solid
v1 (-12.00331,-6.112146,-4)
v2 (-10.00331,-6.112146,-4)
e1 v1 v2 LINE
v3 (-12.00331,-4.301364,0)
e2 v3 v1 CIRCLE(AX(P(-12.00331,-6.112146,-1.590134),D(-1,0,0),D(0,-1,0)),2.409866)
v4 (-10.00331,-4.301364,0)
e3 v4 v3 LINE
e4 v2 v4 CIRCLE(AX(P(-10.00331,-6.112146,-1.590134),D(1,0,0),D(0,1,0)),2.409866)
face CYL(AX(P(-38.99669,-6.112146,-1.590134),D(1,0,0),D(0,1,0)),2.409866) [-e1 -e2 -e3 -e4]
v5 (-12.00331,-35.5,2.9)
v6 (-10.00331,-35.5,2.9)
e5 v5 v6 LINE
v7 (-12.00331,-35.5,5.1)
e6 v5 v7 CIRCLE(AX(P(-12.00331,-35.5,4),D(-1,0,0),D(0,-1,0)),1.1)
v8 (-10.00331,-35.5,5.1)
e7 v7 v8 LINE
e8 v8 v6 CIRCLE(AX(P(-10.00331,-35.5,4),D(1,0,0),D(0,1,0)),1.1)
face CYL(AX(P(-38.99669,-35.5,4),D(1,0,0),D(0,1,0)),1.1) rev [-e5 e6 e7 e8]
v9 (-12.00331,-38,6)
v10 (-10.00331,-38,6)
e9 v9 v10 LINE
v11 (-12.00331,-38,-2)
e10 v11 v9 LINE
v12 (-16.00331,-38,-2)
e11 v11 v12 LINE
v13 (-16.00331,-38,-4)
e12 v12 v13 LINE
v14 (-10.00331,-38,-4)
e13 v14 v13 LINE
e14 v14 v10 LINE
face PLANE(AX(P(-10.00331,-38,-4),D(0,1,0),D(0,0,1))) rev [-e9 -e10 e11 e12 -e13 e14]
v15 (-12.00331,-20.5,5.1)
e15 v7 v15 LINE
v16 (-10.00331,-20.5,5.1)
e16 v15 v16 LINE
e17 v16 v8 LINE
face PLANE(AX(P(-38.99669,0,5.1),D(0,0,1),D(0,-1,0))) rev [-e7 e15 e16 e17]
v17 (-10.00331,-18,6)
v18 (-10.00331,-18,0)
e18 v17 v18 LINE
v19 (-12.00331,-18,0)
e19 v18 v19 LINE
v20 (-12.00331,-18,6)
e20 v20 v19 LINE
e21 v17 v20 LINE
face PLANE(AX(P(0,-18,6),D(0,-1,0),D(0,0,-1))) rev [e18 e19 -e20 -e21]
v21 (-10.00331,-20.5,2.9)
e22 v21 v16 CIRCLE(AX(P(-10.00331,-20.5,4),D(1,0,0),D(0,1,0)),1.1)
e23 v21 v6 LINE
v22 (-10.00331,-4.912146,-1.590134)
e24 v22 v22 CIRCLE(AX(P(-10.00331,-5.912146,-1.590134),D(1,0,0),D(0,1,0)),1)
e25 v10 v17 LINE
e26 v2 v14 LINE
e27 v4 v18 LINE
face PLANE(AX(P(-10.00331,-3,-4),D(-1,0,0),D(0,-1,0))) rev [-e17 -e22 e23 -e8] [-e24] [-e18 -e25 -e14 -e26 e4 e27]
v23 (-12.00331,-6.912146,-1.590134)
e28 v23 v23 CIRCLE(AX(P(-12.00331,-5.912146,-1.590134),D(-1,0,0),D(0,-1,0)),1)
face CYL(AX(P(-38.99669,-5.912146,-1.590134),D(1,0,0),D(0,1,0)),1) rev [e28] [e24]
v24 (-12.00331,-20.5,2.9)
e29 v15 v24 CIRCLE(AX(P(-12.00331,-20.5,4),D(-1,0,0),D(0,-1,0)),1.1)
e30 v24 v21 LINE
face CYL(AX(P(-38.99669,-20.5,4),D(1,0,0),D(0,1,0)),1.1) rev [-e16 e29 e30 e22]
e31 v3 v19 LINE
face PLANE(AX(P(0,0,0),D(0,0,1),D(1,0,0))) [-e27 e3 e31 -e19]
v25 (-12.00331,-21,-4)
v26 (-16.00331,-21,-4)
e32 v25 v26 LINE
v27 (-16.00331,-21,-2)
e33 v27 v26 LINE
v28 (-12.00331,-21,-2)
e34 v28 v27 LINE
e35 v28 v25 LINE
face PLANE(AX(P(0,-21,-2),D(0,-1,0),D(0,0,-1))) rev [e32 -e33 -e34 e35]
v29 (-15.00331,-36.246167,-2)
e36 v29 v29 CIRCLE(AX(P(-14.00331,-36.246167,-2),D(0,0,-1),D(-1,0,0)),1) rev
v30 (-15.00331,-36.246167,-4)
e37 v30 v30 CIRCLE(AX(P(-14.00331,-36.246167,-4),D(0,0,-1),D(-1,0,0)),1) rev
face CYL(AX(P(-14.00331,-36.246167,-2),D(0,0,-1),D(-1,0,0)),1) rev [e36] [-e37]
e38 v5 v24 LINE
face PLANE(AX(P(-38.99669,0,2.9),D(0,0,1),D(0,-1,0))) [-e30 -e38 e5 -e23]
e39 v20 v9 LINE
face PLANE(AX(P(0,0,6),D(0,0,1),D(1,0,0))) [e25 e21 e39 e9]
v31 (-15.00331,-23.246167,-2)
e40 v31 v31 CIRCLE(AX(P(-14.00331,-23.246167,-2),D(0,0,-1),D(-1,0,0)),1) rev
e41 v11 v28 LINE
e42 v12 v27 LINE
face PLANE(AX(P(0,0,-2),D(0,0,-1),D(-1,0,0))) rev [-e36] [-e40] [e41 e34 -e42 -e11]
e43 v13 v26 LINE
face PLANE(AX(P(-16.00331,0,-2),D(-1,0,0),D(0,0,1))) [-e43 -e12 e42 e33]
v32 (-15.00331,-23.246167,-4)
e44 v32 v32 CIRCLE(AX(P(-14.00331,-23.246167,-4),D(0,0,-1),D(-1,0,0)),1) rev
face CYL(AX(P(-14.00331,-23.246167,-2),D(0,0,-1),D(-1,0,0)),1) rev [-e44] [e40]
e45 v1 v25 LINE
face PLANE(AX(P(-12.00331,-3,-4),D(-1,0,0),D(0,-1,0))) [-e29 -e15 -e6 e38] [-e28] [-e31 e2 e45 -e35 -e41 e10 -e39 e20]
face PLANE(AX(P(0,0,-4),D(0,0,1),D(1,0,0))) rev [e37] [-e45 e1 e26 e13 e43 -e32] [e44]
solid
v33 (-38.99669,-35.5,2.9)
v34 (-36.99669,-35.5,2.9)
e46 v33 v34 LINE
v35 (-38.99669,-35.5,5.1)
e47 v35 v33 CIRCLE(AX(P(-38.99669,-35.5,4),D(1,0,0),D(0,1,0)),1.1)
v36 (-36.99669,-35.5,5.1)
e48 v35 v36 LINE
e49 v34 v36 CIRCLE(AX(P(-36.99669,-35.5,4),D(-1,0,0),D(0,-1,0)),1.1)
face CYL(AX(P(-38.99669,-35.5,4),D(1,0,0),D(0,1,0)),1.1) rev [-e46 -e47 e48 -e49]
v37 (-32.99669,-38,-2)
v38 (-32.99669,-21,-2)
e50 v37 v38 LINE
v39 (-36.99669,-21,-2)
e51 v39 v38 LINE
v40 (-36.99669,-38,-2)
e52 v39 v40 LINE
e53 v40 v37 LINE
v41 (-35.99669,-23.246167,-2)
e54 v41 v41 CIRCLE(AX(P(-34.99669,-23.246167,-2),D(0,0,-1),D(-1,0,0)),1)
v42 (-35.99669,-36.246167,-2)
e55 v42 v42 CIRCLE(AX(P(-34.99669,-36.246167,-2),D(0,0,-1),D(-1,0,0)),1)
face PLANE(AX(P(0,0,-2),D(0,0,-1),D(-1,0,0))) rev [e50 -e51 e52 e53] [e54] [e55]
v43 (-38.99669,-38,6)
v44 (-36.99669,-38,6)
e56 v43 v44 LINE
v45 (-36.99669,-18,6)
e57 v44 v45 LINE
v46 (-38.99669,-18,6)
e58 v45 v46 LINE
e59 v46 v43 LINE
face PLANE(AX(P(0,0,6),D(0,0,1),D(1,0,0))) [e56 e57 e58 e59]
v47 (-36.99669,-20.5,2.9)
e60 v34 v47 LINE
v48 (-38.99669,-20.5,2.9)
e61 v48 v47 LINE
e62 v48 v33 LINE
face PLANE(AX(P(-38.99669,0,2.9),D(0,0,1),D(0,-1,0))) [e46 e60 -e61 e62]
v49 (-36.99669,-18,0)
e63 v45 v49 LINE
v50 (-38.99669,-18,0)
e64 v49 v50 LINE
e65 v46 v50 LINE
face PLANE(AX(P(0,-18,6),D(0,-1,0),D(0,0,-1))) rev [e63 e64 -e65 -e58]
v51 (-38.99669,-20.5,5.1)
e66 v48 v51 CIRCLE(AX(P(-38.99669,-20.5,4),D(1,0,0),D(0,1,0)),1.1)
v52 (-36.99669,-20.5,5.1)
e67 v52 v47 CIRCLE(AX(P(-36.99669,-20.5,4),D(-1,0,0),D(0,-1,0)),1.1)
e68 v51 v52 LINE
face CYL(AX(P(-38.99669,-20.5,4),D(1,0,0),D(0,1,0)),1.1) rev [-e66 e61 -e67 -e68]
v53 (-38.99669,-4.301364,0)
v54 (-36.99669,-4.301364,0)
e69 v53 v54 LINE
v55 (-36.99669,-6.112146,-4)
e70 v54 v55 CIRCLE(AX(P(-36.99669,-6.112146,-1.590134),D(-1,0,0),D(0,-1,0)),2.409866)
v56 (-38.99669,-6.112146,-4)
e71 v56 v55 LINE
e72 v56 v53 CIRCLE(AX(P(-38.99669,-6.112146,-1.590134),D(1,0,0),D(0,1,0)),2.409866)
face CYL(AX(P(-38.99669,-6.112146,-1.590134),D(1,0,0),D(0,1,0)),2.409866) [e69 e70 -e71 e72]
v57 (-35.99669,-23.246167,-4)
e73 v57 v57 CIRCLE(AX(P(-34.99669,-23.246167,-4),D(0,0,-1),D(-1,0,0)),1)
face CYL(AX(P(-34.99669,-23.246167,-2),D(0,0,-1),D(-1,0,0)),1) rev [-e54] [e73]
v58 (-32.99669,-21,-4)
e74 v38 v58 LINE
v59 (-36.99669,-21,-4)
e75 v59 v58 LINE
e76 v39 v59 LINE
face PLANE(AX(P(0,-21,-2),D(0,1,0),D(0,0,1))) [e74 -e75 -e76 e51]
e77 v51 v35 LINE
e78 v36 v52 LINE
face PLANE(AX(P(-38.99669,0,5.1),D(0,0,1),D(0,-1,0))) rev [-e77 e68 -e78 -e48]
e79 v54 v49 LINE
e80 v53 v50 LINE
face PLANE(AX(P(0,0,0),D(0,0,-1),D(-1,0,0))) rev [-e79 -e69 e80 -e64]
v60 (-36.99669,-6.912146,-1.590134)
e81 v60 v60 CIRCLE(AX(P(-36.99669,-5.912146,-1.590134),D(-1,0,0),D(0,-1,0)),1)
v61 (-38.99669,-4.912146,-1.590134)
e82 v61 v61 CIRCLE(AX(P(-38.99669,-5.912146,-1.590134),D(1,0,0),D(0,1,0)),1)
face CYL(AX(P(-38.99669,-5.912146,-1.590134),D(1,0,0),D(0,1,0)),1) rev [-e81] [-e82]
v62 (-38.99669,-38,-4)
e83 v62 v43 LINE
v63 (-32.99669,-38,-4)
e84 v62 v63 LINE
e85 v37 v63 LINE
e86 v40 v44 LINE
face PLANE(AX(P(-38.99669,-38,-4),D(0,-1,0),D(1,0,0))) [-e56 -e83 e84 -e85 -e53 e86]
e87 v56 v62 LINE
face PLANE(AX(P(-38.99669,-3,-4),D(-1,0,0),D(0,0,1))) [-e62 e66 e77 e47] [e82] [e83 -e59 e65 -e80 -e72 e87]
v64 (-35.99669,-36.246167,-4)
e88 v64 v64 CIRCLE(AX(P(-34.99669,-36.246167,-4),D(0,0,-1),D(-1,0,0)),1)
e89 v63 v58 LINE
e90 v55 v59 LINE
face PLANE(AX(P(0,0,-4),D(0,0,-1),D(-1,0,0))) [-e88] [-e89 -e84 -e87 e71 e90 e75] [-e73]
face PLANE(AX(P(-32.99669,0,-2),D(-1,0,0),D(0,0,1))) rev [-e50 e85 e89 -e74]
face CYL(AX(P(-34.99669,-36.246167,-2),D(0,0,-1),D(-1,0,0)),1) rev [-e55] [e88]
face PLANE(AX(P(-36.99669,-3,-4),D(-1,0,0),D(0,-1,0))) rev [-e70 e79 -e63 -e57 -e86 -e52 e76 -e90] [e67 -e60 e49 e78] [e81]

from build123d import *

# Parameters (mm, degrees)
SKETCH_1_W          = 2
SKETCH_1_H          = 35
EXTRUDE_1_DEPTH     = 4
EXTRUDE_1_2_DEPTH   = 4
SKETCH_2_W          = 4
SKETCH_2_H          = 17
EXTRUDE_2_DEPTH     = 2
SKETCH_3_R          = 1
CUT_EXTRUDE_1_DEPTH = 2
SKETCH_5_W          = 2
SKETCH_5_H          = 20
EXTRUDE_3_DEPTH     = 6
CUT_EXTRUDE_2_DEPTH = 29.99338081
CUT_EXTRUDE_3_DEPTH = 29.99338081
SKETCH_8_R          = 1
CUT_EXTRUDE_4_DEPTH = 29.99338081


with BuildPart() as part:
    # 草图1 → 凸台-拉伸1 (new body)
    with BuildSketch(Plane.XY):
        with Locations((-37.996690405, -20.5)):
            Rectangle(SKETCH_1_W, SKETCH_1_H)
    extrude(amount=-EXTRUDE_1_DEPTH)



with BuildPart() as body_2:
    # 草图1 → Extrude 1 2 (new body)
    with BuildSketch(Plane.XY):
        with Locations((-11.003309595, -20.5)):
            Rectangle(SKETCH_1_W, SKETCH_1_H)
    extrude(amount=-EXTRUDE_1_2_DEPTH)


with BuildPart() as part_1:
    add(part.part)

    add(body_2.part)  # 凸台-拉伸2 merges body 2
    # 草图2 → 凸台-拉伸2 (add)
    with BuildSketch(Plane(origin=(0, 0, -4), x_dir=(-1, 0, 0), z_dir=(0, 0, -1))):
        with Locations((34.996690405, -29.5)):
            Rectangle(SKETCH_2_W, SKETCH_2_H)
        with Locations((14.003309595, -29.5)):
            Rectangle(SKETCH_2_W, SKETCH_2_H)
    extrude(amount=-EXTRUDE_2_DEPTH)

    # 草图3 → 切除-拉伸1 (cut)
    with BuildSketch(Plane(origin=(0, 0, -4), x_dir=(-1, 0, 0), z_dir=(0, 0, -1))):
        with Locations((34.996690405, -36.24616654)):
            Circle(SKETCH_3_R)
        with Locations((34.996690405, -23.24616654)):
            Circle(SKETCH_3_R)
        with Locations((14.003309595, -36.24616654)):
            Circle(SKETCH_3_R)
        with Locations((14.003309595, -23.24616654)):
            Circle(SKETCH_3_R)
    extrude(amount=-CUT_EXTRUDE_1_DEPTH, mode=Mode.SUBTRACT)

    # 草图5 → 凸台-拉伸3 (add)
    with BuildSketch(Plane.XY):
        with Locations((-11.003309595, -28)):
            Rectangle(SKETCH_5_W, SKETCH_5_H)
        with Locations((-37.996690405, -28)):
            Rectangle(SKETCH_5_W, SKETCH_5_H)
    extrude(amount=EXTRUDE_3_DEPTH)

    # 草图6 → 切除-拉伸2 (cut, through all)
    with BuildSketch(Plane(origin=(-10.003309595, 0, 0), x_dir=(0, 0, -1), z_dir=(1, 0, 0))):
        with BuildLine():
            Line((-5.1, -20.5), (-5.1, -35.5))
            ThreePointArc((-5.1, -35.5), (-4, -36.6), (-2.9, -35.5))
            Line((-2.9, -35.5), (-2.9, -20.5))
            ThreePointArc((-2.9, -20.5), (-4, -19.4), (-5.1, -20.5))
        make_face()
    extrude(amount=-CUT_EXTRUDE_2_DEPTH, mode=Mode.SUBTRACT)

    # 草图7 → 切除-拉伸3 (cut, through all)
    with BuildSketch(Plane(origin=(-10.003309595, 0, 0), x_dir=(0, 0, -1), z_dir=(1, 0, 0))):
        with BuildLine():
            Line((0, -3), (0, -4.301364092))
            ThreePointArc((0, -4.301364092), (2.583976205, -3.916756735), (4, -6.112145643))
            Line((4, -6.112145643), (4, -3))
            Line((4, -3), (0, -3))
        make_face()
    extrude(amount=-CUT_EXTRUDE_3_DEPTH, mode=Mode.SUBTRACT)

    # 草图8 → 切除-拉伸4 (cut, through all)
    with BuildSketch(Plane(origin=(-10.003309595, 0, 0), x_dir=(0, 0, -1), z_dir=(1, 0, 0))):
        with Locations((1.590133771, -5.912145643)):
            Circle(SKETCH_8_R)
    extrude(amount=-CUT_EXTRUDE_4_DEPTH, mode=Mode.SUBTRACT)


solid = part_1.part
